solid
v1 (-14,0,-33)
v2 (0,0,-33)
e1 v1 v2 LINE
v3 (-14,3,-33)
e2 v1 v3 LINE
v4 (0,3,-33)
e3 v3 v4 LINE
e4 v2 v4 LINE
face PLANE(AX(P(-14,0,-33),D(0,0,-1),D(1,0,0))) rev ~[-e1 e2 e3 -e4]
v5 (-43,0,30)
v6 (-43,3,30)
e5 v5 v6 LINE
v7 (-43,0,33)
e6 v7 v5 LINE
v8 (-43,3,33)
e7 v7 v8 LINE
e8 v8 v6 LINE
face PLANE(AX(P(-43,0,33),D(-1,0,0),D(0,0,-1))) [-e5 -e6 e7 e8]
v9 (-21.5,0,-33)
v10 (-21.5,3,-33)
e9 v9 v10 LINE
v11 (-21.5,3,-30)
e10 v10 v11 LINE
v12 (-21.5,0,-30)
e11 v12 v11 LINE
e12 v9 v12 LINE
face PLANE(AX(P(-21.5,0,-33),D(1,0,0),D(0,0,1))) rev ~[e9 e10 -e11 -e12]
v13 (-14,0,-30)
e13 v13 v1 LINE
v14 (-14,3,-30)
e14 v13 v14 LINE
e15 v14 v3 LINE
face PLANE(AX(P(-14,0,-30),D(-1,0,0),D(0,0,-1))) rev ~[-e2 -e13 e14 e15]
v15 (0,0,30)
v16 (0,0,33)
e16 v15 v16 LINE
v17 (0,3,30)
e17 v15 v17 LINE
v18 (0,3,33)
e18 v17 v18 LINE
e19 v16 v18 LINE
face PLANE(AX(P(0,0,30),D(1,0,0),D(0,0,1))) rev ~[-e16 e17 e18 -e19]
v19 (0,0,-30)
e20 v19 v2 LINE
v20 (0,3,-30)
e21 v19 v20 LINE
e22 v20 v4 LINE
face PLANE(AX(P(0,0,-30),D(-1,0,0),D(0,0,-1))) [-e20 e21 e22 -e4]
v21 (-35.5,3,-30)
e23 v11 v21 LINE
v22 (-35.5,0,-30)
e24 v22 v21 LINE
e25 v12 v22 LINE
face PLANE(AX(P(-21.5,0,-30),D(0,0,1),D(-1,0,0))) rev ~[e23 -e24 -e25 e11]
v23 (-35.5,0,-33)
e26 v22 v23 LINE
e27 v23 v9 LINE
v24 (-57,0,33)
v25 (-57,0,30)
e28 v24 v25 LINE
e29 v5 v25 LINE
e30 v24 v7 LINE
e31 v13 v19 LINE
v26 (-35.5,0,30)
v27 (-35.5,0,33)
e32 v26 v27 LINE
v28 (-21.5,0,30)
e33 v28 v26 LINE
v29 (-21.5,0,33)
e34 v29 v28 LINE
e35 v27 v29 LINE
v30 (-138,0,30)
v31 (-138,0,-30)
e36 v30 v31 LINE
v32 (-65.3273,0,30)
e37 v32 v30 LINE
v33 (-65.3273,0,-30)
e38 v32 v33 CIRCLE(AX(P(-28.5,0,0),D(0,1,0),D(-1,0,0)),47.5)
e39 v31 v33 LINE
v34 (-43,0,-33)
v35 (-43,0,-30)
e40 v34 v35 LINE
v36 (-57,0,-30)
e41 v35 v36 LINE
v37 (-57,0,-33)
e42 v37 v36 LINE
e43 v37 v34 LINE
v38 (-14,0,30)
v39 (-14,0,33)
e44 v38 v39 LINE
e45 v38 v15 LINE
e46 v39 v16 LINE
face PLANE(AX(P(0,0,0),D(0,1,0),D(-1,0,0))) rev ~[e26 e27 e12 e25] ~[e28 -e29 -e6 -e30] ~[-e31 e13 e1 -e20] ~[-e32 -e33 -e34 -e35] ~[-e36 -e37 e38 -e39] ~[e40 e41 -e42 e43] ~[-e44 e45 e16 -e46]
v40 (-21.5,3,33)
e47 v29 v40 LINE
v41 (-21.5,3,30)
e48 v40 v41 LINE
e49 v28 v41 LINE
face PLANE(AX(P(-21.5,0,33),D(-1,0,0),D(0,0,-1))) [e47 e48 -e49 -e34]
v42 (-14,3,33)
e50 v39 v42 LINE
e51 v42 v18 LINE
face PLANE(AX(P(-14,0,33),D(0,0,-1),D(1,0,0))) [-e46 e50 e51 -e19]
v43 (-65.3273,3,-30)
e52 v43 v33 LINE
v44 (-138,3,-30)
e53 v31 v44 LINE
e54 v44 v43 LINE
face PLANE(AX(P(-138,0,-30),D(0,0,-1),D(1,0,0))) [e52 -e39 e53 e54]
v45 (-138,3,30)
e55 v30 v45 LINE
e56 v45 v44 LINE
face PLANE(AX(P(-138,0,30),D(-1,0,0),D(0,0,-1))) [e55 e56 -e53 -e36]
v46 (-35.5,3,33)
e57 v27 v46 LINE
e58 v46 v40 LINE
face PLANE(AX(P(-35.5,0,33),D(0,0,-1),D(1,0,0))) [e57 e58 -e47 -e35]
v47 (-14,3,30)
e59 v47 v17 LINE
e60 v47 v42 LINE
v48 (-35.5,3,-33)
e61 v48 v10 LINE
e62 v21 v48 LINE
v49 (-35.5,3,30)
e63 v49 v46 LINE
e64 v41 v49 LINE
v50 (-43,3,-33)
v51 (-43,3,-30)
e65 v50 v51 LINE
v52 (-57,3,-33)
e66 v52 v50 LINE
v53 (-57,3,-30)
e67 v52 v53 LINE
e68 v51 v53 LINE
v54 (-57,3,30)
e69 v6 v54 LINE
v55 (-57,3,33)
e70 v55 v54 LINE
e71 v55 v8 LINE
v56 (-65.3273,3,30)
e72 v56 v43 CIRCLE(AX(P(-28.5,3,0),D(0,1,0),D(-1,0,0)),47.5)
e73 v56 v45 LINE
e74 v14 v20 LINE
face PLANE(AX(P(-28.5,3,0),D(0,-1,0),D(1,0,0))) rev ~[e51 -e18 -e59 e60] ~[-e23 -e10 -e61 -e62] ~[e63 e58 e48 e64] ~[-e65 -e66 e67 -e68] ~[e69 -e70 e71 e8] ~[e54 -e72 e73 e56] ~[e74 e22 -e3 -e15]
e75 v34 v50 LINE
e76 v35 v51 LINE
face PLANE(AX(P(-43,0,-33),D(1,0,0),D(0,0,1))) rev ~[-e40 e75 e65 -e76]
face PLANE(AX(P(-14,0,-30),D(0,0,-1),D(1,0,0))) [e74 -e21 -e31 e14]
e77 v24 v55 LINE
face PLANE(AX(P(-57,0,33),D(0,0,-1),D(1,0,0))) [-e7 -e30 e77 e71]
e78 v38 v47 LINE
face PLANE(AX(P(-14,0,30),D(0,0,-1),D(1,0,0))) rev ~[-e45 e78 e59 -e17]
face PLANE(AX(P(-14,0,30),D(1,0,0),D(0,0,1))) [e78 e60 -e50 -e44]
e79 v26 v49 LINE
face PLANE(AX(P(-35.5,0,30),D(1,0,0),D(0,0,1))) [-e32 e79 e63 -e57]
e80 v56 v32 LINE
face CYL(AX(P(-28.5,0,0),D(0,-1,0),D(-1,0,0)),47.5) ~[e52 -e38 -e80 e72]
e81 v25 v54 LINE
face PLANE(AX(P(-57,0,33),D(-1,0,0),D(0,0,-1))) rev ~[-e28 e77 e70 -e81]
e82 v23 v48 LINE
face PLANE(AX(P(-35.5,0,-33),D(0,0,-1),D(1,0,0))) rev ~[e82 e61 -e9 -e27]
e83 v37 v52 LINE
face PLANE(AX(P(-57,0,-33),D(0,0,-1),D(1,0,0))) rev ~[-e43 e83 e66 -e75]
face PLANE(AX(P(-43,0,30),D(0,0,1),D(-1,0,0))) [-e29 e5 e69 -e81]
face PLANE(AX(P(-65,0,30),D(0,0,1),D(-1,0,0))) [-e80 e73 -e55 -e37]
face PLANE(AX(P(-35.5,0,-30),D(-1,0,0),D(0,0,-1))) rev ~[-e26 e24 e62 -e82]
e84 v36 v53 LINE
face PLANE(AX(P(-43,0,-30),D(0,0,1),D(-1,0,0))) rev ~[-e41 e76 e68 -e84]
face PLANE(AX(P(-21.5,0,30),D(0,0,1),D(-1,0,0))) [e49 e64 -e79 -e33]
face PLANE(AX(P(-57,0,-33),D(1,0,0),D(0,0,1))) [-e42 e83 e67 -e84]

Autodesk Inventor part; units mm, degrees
ref_plane "YZ Plane" through (0, 0, 0) normal (1, 0, 0) x (0, 1, 0)
ref_plane "XZ Plane" through (0, 0, 0) normal (0, 1, 0) x (-1, 0, 0)
ref_plane "XY Plane" through (0, 0, 0) normal (0, 0, 1) x (1, 0, 0)
sketch "Boceto1" plane through (0, 0, 0) normal (0, 1, 0) x (-1, 0, 0)
  circle A0 centre (28.5, 0) radius 1.5
  circle A1 centre (28.5, -8) radius 1.5
  circle A2 centre (28.5, 8) radius 1.5
  circle A3 centre (36.5, 0) radius 1.5
  circle A4 centre (20.5, 0) radius 1.5
  circle A5 centre (28.5, 0) radius 47.5
  line L0 (57, 33) -> (43, 33)
  line L1 (43, 33) -> (43, 30)
  line L2 (35.5, 30) -> (35.5, 33)
  line L3 (35.5, 33) -> (21.5, 33)
  line L4 (21.5, 33) -> (21.5, 30)
  line L5 (14, 30) -> (14, 33)
  line L6 (14, 33) -> (0, 33)
  line L7 (43, 30) -> (57, 30)
  line L8 (21.5, 30) -> (35.5, 30)
  line L9 (14, 30) -> (0, 30)
  line L10 (0, 30) -> (0, 33)
  line L11 (57, 33) -> (57, 30)
  line L12 (35.5, -30) -> (35.5, -33)
  line L13 (21.5, -30) -> (35.5, -30)
  line L14 (35.5, -33) -> (21.5, -33)
  line L15 (21.5, -33) -> (21.5, -30)
  line L16 (57, -33) -> (43, -33)
  line L17 (43, -33) -> (43, -30)
  line L18 (43, -30) -> (57, -30)
  line L19 (14, -30) -> (14, -33)
  line L20 (14, -30) -> (0, -30)
  line L21 (14, -33) -> (0, -33)
  line L22 (0, -30) -> (0, -33)
  line L23 (57, -33) -> (57, -30)
extrude "Extrusión1" add sketch "Boceto1" along normal blind 3
sketch "Boceto2" plane through (-28.5, 0, 0) normal (0, -1, 0) x (1, 0, 0)
  circle A0 centre (0, 0) radius 3.5
  point P0 (28.5, 0)
  dimension "d23" = 7
extrude "Extrusión2" cut sketch "Boceto2" against normal blind 10
sketch "Boceto3" plane through (-28.5, 0, 0) normal (0, -1, 0) x (1, 0, 0)
  circle A0 centre (0, 0) radius 4.5
  point P0 (28.5, 0)
  dimension "d26" = 9
extrude "Extrusión3" cut sketch "Boceto3" against normal blind 10
sketch "Boceto4" plane through (-28.5, 0, 0) normal (0, -1, 0) x (1, 0, 0)
  arc A0 (-36.5, 30) -> (-36.5, -30) centre (0, 0) ccw
  line L0 (-28.5, 30) -> (-28.5, 33) projected
  line L1 (-36.5, 30) -> (-109.5, 30)
  line L2 (-109.5, 30) -> (-109.5, -30)
  line L3 (-28.5, -33) -> (-28.5, -30) projected
  line L4 (-109.5, -30) -> (-36.5, -30)
extrude "Extrusión4" add sketch "Boceto4" against normal blind 3
sketch "Boceto5" plane through (0, 3, 0) normal (0, 1, 0) x (1, 0, 0)
  line L0 (-11.1092, 17.1983) -> (-42.6801, 17.1983)
  line L1 (-42.6801, 17.1983) -> (-42.6801, -13.2583)
  line L2 (-42.6801, -13.2583) -> (-11.1092, -13.2583)
  line L3 (-11.1092, -13.2583) -> (-11.1092, 17.1983)
  point P0 (0, 0)
extrude "Extrusión5" add sketch "Boceto5" against normal blind 3
properties part number "base3"
